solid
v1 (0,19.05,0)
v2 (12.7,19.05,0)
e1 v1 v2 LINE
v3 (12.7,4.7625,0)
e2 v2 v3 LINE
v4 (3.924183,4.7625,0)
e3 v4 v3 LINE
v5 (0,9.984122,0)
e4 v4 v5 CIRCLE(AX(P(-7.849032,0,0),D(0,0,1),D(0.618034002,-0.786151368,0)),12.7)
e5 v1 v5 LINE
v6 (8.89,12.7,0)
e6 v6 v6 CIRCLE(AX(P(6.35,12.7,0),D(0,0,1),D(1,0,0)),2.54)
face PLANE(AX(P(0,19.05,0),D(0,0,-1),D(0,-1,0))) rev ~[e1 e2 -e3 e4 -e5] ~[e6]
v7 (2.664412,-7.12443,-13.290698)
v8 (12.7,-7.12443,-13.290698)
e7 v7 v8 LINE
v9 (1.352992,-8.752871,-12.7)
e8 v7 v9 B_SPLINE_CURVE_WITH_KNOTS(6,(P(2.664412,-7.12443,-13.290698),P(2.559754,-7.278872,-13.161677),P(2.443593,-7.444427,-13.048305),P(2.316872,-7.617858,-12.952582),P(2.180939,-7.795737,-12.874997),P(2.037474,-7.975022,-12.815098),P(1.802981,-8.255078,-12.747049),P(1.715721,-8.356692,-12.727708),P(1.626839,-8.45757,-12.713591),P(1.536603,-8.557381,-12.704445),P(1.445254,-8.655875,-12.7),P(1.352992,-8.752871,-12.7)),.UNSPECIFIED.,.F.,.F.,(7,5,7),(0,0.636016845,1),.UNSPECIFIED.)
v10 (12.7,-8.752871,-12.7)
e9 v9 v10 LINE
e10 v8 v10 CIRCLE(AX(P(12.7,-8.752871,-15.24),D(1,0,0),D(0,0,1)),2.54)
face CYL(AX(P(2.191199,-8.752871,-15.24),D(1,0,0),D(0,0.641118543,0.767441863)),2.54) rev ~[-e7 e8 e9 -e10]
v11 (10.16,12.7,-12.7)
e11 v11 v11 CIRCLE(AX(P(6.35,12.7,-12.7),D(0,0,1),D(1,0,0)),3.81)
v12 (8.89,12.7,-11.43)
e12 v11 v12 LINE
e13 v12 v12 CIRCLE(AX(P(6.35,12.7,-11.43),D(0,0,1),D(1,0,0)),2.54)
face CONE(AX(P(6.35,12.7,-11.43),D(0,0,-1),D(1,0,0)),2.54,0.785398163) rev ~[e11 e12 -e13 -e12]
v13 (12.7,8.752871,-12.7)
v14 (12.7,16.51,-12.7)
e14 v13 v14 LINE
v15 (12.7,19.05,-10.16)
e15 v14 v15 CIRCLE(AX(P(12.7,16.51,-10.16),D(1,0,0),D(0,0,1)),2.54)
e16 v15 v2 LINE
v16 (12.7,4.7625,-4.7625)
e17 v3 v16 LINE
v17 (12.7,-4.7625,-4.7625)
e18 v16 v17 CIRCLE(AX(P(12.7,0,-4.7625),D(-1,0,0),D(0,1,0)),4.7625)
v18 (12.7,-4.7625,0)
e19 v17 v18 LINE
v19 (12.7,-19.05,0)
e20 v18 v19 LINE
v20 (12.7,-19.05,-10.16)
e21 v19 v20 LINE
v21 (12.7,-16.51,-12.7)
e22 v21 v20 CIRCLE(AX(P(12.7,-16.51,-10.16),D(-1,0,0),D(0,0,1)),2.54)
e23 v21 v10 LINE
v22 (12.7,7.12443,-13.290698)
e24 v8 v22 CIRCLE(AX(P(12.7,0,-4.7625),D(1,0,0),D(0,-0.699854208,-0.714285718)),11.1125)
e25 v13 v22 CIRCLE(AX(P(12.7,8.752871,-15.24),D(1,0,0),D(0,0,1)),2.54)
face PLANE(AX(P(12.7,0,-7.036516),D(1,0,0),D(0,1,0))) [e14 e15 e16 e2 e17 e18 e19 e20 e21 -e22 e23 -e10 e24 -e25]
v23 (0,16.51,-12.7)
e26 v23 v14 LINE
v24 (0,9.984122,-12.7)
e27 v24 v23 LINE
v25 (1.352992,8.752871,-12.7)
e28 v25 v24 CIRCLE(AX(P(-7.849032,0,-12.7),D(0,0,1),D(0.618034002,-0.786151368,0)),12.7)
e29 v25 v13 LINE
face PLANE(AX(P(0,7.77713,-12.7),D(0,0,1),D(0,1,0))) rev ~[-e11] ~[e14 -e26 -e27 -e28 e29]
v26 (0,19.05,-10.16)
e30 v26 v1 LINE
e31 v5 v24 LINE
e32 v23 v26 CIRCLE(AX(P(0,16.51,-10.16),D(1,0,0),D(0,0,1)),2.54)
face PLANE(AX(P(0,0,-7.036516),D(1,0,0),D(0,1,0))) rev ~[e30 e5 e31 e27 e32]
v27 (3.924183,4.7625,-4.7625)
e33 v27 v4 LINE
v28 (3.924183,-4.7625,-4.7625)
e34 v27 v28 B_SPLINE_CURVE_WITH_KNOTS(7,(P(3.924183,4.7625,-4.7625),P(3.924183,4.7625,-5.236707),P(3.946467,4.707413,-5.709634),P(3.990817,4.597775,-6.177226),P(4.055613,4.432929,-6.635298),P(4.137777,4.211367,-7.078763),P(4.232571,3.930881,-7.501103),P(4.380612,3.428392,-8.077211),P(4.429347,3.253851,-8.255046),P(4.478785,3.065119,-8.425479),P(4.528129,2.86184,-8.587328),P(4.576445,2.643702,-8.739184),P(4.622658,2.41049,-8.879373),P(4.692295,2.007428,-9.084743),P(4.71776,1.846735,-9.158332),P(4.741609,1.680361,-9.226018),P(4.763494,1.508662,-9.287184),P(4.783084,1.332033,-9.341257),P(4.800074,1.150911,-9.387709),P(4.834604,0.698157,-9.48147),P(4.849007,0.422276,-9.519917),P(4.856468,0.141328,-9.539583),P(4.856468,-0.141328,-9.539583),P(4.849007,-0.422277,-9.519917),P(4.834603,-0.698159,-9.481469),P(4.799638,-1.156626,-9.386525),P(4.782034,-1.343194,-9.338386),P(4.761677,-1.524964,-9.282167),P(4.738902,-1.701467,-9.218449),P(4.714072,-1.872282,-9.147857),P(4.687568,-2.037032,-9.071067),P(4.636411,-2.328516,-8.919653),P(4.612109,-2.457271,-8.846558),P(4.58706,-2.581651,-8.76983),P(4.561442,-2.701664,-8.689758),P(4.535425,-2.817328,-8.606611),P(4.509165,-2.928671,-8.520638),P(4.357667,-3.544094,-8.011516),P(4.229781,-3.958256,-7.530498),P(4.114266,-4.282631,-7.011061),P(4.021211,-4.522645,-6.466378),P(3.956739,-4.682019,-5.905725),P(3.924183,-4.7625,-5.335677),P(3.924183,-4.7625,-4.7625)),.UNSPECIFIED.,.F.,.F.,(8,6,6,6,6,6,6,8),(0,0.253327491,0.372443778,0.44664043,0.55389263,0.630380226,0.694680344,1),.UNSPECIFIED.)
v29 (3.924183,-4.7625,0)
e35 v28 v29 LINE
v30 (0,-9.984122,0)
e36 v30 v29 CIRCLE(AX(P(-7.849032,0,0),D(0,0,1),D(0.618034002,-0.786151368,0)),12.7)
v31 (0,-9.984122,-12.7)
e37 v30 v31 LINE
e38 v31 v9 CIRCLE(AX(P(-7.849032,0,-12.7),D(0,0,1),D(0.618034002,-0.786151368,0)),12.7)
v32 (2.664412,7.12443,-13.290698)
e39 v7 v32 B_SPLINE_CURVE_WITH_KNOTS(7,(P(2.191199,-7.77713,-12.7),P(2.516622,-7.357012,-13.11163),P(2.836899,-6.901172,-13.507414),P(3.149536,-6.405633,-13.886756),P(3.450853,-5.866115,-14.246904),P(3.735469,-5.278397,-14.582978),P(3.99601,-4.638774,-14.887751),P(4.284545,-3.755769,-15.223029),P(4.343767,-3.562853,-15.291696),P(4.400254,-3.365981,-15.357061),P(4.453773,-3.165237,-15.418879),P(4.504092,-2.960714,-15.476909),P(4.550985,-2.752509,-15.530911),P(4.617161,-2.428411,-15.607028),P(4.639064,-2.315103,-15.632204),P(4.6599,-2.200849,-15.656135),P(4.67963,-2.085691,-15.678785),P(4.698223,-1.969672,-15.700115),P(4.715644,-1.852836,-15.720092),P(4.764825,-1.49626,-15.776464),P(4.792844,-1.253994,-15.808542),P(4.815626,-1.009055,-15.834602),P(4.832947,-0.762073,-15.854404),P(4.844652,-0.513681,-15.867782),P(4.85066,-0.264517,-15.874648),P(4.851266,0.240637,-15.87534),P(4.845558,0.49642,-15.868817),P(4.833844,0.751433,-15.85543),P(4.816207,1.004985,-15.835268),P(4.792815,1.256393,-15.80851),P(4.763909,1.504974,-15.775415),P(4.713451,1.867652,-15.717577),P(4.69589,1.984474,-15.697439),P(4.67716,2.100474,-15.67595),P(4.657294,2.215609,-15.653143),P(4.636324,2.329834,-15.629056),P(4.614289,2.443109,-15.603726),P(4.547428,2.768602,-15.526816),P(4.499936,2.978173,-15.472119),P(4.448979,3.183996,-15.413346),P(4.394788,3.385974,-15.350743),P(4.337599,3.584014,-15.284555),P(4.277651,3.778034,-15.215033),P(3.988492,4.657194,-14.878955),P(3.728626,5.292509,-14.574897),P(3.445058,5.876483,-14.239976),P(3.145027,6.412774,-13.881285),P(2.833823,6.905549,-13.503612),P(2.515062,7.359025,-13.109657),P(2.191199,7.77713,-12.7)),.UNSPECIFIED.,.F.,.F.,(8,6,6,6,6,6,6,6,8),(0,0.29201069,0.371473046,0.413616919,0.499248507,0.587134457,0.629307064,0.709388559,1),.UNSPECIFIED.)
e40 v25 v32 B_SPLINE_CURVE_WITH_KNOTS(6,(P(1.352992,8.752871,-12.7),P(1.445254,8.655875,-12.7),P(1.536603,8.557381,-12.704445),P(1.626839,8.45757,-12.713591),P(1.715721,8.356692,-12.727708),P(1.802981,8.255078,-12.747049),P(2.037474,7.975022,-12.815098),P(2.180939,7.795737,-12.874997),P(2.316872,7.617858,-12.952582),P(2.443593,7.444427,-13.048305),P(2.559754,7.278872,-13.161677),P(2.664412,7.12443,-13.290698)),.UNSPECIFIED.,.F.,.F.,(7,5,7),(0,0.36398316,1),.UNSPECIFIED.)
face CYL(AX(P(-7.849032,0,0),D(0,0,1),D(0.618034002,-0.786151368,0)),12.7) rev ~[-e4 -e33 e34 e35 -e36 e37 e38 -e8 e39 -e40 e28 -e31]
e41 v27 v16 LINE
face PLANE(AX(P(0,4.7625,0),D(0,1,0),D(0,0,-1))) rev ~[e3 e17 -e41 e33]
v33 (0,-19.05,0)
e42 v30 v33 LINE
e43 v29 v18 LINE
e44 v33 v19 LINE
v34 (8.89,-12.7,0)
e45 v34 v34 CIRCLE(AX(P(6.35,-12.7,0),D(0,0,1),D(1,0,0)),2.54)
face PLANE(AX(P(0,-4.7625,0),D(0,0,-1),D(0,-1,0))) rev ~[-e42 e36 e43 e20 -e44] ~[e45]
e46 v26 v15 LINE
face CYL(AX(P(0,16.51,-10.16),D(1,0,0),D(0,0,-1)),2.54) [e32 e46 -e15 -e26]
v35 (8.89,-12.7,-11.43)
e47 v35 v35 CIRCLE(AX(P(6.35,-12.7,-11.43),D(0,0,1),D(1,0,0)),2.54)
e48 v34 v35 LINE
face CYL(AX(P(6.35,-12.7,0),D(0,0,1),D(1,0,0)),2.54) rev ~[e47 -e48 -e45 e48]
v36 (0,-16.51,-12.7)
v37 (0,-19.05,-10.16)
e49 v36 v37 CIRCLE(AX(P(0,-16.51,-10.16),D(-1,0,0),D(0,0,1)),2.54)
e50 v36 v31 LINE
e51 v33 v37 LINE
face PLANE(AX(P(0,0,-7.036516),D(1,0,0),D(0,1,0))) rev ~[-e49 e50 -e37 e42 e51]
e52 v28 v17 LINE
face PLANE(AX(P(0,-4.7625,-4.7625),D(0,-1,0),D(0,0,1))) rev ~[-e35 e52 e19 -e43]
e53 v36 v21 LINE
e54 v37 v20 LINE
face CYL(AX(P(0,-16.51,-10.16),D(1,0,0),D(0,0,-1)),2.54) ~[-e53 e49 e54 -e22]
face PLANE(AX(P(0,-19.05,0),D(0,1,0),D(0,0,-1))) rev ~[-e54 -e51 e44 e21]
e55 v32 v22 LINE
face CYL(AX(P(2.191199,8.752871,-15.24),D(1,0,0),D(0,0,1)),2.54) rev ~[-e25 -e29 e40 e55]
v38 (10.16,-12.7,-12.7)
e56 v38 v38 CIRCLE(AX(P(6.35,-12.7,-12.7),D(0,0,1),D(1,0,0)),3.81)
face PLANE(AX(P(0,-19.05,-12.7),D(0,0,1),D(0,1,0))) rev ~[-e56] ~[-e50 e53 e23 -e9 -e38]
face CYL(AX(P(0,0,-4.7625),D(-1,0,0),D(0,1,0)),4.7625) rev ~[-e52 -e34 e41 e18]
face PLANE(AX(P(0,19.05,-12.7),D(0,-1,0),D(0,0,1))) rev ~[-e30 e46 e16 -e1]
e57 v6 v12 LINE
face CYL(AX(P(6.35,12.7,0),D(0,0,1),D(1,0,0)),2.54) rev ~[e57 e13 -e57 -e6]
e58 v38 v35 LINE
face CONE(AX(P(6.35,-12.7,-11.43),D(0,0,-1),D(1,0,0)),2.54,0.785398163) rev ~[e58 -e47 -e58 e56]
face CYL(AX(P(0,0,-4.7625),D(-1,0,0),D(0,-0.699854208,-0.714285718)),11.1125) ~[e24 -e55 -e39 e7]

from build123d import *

# Parameters (mm, degrees)
F2_DEPTH = 12.7
F0_R     = 2.54
F3_DEPTH = 25.4
F4_R     = 2.54
F5_SIZE  = 1.27


with BuildPart() as f2:
    # F1 (on Right) → F2 (new body)
    with BuildSketch(Plane.YZ):
        with BuildLine():
            Line((4.7625, 0), (4.7625, -4.7625))
            ThreePointArc((4.7625, -4.7625), (0, -9.525), (-4.7625, -4.7625))
            Line((-4.7625, -4.7625), (-4.7625, 0))
            Line((-4.7625, 0), (-19.05, 0))
            Line((-19.05, 0), (-19.05, -12.7))
            Line((-19.05, -12.7), (-7.77713, -12.7))
            ThreePointArc((-7.77713, -12.7), (0, -15.875), (7.77713, -12.7))
            Line((7.77713, -12.7), (19.05, -12.7))
            Line((19.05, -12.7), (19.05, 0))
            Line((19.05, 0), (4.7625, 0))
        make_face()
    extrude(amount=F2_DEPTH)

    # F0 (on Top) → F3 (cut)
    with BuildSketch(Plane.XY):
        with Locations((6.35, 12.7)):
            Circle(F0_R)
        with Locations((6.35, -12.7)):
            Circle(F0_R)
        with BuildLine():
            ThreePointArc((0, -9.984122), (4.850968, 0), (0, 9.984122))
            Line((0, 9.984122), (0, -9.984122))
        make_face()
    extrude(amount=-F3_DEPTH, mode=Mode.SUBTRACT)

    # F4
    f4_edges = [f2.edges().sort_by_distance(p)[0] for p in [
        (6.35, 19.05, -12.7),
        (6.35, -19.05, -12.7),
        (7.4456, 7.77713, -12.7),
        (7.4456, -7.77713, -12.7),
    ]]
    fillet(f4_edges, radius=F4_R)

    # F5
    f5_edges = [f2.edges().sort_by_distance(p)[0] for p in [
        (3.81, 12.7, -12.7),
        (3.81, -12.7, -12.7),
    ]]
    chamfer(f5_edges, length=F5_SIZE)


solid = f2.part
